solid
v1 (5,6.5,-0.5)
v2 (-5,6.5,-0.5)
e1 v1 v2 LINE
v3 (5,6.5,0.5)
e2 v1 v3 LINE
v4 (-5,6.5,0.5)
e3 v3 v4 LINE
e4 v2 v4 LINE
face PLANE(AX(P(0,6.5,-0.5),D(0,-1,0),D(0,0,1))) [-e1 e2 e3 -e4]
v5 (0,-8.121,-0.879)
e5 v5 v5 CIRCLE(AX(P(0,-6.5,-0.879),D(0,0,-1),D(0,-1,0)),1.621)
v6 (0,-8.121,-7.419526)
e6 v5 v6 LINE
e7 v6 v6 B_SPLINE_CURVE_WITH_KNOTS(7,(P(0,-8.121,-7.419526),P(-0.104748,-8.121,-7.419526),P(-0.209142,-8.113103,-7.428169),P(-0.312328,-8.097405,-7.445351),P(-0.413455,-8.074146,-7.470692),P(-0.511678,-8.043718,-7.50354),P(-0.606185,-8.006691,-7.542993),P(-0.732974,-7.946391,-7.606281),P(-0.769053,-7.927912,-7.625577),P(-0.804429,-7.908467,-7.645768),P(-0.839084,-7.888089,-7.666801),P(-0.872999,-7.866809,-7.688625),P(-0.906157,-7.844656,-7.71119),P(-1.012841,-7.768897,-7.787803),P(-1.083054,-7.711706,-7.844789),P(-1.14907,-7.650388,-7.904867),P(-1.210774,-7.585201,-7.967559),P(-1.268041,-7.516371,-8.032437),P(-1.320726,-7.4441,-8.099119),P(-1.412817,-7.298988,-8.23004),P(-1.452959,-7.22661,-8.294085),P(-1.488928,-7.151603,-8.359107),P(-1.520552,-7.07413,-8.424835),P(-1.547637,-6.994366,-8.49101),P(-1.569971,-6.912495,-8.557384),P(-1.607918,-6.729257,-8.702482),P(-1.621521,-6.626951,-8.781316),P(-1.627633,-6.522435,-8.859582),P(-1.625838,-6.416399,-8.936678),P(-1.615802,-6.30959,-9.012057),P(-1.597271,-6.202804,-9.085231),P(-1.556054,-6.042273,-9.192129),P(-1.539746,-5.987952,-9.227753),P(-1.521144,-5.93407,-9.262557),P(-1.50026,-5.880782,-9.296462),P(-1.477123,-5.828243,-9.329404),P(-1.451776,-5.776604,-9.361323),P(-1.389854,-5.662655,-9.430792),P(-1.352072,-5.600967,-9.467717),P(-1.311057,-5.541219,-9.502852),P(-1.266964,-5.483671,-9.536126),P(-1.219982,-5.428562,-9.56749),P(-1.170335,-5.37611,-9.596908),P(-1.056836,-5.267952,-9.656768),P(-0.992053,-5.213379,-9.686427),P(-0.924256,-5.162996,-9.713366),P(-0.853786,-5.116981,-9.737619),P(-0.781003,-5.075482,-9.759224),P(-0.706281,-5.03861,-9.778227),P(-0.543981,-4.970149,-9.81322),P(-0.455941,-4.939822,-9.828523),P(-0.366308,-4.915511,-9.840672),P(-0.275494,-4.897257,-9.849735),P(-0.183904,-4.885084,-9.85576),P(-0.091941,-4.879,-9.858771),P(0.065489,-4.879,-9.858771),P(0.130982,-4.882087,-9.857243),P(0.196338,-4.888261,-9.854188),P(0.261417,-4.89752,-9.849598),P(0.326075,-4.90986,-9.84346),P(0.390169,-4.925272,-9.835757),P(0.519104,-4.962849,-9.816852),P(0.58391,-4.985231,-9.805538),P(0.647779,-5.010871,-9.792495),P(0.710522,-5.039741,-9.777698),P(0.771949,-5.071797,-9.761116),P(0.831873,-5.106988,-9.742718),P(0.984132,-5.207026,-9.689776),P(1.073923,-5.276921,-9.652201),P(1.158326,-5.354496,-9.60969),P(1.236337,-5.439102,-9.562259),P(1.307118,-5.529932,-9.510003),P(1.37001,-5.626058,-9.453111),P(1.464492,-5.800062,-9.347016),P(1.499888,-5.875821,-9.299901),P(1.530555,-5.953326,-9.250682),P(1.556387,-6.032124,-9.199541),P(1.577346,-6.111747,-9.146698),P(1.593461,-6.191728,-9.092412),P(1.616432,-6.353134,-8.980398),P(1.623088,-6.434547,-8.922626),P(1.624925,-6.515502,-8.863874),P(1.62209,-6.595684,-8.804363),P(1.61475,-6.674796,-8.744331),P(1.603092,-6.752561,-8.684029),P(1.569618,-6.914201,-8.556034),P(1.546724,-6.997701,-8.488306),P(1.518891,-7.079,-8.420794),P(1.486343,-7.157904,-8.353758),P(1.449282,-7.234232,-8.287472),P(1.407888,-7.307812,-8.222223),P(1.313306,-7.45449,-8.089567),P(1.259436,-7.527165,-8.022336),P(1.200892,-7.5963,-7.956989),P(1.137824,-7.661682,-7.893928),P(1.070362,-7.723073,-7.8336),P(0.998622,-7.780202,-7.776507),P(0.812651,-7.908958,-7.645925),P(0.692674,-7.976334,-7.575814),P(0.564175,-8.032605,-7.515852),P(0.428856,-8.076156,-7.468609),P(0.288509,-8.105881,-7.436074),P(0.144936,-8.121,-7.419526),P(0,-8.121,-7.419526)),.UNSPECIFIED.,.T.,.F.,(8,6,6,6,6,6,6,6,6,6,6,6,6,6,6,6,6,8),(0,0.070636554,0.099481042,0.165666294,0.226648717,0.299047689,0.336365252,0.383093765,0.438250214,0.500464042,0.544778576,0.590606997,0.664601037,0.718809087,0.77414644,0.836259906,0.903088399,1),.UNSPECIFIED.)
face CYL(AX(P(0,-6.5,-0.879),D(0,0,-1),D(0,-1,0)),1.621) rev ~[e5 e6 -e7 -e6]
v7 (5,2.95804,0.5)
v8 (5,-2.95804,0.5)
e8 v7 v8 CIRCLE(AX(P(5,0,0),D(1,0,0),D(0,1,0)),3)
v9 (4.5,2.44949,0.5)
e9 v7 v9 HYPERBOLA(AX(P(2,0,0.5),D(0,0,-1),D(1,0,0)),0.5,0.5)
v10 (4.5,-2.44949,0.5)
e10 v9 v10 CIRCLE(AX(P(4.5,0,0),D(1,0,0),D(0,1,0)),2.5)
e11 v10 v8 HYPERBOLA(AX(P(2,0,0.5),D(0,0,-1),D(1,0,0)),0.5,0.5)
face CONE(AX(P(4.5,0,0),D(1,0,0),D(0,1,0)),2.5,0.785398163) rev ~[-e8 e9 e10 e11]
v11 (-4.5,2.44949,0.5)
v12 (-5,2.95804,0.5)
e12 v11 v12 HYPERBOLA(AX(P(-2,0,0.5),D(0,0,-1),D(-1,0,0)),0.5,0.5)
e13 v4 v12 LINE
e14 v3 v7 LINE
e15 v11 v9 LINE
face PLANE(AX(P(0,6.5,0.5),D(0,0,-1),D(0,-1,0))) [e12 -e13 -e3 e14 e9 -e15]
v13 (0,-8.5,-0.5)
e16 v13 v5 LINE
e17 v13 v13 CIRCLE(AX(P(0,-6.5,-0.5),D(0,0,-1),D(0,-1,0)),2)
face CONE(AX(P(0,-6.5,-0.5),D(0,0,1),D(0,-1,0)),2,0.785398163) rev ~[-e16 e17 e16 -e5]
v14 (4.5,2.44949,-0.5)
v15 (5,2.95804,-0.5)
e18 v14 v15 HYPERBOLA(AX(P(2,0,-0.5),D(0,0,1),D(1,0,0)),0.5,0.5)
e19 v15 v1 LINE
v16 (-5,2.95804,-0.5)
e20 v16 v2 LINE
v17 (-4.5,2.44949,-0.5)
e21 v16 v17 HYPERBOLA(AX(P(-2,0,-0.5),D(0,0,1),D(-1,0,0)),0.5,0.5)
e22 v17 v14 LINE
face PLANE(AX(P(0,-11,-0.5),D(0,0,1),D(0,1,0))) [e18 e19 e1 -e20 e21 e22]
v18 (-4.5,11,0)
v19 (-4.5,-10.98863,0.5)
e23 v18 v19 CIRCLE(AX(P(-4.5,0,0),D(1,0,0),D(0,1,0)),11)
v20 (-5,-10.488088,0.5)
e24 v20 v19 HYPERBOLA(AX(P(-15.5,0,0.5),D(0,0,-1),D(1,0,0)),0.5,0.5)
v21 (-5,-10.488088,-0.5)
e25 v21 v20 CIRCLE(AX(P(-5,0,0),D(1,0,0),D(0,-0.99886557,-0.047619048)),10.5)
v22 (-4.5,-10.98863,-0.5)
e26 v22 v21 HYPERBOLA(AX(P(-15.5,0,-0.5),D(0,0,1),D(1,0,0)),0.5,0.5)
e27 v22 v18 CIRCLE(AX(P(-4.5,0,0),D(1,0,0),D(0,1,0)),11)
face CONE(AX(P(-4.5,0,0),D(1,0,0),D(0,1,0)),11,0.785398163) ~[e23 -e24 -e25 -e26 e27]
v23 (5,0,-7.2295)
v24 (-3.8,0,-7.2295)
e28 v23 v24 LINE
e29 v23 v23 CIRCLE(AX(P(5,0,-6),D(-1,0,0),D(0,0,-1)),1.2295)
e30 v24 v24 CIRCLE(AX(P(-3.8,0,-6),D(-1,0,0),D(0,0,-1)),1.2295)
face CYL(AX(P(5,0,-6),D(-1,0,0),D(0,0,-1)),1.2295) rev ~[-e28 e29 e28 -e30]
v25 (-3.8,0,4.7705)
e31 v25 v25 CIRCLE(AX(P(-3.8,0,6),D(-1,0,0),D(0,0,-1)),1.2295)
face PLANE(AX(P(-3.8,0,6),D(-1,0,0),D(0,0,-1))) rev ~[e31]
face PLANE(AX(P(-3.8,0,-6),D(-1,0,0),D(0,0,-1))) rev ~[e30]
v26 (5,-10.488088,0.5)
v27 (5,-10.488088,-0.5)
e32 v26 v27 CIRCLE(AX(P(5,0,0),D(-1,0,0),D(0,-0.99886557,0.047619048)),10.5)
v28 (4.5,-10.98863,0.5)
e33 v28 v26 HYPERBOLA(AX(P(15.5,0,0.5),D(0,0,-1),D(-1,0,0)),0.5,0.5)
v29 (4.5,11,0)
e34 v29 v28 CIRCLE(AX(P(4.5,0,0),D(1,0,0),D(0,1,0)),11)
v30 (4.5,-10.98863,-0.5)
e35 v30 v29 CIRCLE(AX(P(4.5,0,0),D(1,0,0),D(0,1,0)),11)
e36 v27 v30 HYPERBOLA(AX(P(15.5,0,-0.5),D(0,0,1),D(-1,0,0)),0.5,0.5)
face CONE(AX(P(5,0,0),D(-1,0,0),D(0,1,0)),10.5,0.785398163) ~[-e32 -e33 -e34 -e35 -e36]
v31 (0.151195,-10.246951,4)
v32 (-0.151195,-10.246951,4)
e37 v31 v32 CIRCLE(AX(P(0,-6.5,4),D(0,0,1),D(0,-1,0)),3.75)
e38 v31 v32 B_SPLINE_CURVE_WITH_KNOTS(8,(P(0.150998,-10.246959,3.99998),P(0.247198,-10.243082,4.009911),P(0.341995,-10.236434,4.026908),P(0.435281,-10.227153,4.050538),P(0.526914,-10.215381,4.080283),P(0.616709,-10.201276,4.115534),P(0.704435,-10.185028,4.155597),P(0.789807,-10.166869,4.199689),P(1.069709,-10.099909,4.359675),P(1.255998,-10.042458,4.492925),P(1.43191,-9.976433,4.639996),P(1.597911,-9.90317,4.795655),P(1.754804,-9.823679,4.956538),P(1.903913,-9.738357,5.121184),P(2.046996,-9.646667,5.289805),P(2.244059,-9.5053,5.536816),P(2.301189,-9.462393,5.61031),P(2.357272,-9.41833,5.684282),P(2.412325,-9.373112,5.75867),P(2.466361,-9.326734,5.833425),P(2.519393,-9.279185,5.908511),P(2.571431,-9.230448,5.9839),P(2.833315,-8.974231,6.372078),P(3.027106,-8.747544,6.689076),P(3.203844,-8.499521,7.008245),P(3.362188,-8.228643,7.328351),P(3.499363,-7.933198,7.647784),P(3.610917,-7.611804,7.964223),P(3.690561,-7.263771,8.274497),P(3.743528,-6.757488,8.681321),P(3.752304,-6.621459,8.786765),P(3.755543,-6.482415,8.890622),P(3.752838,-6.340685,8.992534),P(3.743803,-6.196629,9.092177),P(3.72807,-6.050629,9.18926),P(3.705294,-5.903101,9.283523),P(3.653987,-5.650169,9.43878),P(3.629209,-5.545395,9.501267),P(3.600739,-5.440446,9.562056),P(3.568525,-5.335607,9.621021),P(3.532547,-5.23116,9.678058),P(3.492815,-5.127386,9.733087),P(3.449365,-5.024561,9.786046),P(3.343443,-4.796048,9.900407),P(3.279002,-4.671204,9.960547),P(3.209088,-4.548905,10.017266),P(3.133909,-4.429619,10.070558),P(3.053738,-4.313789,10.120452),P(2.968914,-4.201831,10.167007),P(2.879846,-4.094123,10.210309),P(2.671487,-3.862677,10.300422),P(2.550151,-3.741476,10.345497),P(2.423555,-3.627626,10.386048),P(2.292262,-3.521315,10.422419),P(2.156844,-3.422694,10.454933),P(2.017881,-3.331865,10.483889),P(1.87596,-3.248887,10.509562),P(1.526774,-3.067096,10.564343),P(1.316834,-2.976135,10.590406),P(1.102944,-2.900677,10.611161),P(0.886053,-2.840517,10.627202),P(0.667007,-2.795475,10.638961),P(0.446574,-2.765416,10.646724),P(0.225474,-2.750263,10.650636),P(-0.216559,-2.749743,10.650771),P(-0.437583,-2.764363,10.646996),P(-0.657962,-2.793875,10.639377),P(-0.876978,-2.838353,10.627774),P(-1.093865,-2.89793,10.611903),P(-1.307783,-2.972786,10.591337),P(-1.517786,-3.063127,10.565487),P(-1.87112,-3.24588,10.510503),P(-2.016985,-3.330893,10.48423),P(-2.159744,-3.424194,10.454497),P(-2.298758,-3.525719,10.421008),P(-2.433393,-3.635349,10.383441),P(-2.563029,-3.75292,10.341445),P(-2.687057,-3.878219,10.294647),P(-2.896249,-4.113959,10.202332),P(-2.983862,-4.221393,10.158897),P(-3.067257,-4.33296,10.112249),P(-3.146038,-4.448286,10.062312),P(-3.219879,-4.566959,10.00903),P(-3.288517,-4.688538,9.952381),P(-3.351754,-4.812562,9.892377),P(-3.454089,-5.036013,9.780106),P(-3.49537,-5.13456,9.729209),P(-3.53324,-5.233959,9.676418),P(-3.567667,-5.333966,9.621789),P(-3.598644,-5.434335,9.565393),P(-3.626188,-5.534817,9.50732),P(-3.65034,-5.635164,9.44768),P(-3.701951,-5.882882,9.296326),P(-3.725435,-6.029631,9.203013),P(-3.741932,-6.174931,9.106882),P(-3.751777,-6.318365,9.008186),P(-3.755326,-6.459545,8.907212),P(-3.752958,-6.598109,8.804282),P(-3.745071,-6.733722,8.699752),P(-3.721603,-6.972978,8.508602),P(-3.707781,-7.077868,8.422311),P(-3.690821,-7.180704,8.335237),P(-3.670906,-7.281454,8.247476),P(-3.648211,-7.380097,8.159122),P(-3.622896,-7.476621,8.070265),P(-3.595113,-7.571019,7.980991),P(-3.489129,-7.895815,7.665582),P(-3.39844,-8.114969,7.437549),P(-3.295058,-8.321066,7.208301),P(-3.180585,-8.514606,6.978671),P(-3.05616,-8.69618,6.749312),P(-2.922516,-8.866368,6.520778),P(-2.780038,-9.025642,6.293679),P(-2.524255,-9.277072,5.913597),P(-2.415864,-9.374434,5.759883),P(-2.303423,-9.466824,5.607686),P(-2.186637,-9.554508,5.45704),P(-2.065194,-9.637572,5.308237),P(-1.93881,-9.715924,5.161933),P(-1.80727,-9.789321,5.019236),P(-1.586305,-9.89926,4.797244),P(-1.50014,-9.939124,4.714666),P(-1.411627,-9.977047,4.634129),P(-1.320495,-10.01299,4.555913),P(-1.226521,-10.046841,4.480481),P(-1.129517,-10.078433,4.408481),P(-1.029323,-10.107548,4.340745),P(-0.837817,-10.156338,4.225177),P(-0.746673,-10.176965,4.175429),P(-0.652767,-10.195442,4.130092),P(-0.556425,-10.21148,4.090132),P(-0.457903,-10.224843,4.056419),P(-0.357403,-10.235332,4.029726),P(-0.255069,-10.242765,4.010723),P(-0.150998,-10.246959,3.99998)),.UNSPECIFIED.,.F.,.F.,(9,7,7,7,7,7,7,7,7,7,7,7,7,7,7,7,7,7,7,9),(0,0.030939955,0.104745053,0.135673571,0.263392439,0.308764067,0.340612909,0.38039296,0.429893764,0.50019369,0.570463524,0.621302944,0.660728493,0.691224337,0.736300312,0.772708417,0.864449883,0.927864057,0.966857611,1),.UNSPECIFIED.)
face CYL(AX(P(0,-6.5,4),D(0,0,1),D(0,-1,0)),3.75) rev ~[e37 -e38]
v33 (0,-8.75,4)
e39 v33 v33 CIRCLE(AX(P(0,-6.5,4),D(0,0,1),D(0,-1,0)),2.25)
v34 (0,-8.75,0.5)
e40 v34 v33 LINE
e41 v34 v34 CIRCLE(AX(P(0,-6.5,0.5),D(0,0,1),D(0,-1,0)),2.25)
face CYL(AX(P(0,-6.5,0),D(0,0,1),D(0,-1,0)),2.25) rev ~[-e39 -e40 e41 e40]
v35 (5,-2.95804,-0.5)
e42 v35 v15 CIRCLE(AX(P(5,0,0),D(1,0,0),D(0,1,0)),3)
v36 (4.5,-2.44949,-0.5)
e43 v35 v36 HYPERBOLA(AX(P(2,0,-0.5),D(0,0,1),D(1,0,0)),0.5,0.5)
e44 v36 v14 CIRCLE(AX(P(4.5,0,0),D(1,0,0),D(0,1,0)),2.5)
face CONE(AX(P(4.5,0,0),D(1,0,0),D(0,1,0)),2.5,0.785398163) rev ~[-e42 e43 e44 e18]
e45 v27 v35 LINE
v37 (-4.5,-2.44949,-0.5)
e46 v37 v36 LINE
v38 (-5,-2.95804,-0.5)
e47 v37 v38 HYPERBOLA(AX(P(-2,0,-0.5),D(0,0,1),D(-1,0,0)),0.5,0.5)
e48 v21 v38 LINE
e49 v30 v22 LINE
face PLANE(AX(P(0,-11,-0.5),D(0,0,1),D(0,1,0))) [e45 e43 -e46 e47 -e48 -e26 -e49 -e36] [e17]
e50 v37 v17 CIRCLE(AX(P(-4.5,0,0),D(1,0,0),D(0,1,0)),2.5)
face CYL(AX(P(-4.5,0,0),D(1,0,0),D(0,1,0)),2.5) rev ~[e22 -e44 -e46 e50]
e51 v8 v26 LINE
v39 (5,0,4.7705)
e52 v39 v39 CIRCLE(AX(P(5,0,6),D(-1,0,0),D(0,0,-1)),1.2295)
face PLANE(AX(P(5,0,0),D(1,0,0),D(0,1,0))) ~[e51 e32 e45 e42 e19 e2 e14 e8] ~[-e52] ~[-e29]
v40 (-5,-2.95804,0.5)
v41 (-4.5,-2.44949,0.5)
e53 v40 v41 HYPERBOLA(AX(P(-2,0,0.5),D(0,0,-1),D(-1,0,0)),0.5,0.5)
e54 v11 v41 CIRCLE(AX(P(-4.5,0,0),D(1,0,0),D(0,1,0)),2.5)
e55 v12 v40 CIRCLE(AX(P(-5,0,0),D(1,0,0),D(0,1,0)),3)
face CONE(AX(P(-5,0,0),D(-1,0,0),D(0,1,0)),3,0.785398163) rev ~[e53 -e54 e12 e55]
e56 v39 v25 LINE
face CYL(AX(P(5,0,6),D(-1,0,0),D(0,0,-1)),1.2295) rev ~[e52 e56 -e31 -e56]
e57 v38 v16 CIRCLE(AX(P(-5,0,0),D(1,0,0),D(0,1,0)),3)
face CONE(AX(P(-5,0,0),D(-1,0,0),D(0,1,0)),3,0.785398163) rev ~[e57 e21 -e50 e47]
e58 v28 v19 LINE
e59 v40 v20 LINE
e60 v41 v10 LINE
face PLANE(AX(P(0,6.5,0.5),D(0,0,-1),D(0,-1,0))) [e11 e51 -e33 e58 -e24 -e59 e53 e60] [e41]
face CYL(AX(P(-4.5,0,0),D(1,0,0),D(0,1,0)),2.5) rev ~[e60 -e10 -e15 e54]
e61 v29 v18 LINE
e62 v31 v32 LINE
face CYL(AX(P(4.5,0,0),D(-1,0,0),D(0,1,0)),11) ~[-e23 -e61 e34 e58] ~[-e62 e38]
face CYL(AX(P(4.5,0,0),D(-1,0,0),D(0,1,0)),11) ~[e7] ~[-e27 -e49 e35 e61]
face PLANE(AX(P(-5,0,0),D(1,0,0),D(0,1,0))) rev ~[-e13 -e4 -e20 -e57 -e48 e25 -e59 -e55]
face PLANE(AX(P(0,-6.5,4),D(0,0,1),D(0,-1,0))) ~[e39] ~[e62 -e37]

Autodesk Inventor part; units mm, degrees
sketch "Sketch_1" plane through (0, 0, 0) normal (0, 0, 1) x (1, 0, 0)
  line L0 (5, 0) -> (-5, 0)
  line L1 (-5, 10.5) -> (-5, 3)
  line L2 (-5, 3) -> (-4.5, 2.5)
  line L3 (-4.5, 2.5) -> (4.5, 2.5)
  line L4 (4.5, 2.5) -> (5, 3)
  line L5 (5, 3) -> (5, 10.5)
  line L6 (5, 10.5) -> (4.5, 11)
  line L7 (4.5, 11) -> (-4.5, 11)
  line L8 (-4.5, 11) -> (-5, 10.5)
revolve "Revolution1" add sketch "Sketch_1" angle 360 about axis through (5, 0, 0) along (1, 0, 0)
sketch "Sketch_2" plane through (0, 0, 0) normal (1, 0, 0) x (0, 1, 0)
  line L0 (-11, 0.5) -> (-11, -0.5)
  line L1 (-11, -0.5) -> (6.5, -0.5)
  line L2 (6.5, -0.5) -> (6.5, 0.5)
  line L3 (6.5, 0.5) -> (-11, 0.5)
extrude "Extrusion1" cut sketch "Sketch_2" along normal mid plane 10
sketch "Sketch_3" plane through (0, 0, 0) normal (1, 0, 0) x (0, 1, 0)
  line L0 (-6.5, 11) -> (-6.5, 0)
  line L1 (-6.5, 0) -> (-8.75, 0)
  line L2 (-8.75, 0) -> (-8.75, 4)
  line L3 (-8.75, 4) -> (-10.25, 4)
  line L4 (-10.25, 4) -> (-10.25, 11)
  line L5 (-10.25, 11) -> (-6.5, 11)
  line L6 (-6.5, 11) -> (-6.5, 0)
revolve "Revolution2" cut sketch "Sketch_3" angle 360 about axis through (0, -6.5, 11) along (0, 0, 1)
sketch "Sketch4" plane through (-4.5, -2.4495, -0.5) normal (0, 0, 1) x (1, 0, 0)
  point P0 (4.5, -4.0505)
hole "Hole1" at (0, -6.5, -0.5) direction (0, 0, -1) diameter 3.242 depth 9.75 countersink diameter 4 countersink angle 90 thread size "M4x0.7" class "6H" standard "ISO Metric profile"
ref_plane "body_screw_XY" through (0, -6.5, 4) normal (0, 0, 1) x (1, 0, 0)
ref_plane "body_screw_YZ" through (0, -6.5, 4) normal (1, 0, 0) x (0, 1, 0)
ref_plane "body_screw_ZX" through (0, -6.5, 4) normal (0, 1, 0) x (0, 0, 1)
sketch "スケッチ5" plane through (5, 0, 0) normal (1, 0, 0) x (0, 0, -1)
  line L0 (0, 0) -> (-6, 0)
  point P0 (6, 0)
  dimension "d12" = 6
  dimension "d15" = 360
hole "穴2" at (5, 0, 6) at (5, 0, -6) direction (-1, 0, 0) diameter 2.459 depth 8.8 thread size "M3x0.5" class "6H" standard "ISO Metric profile"
properties part number "SCS5-10b" material "鋼、炭素鋼"
